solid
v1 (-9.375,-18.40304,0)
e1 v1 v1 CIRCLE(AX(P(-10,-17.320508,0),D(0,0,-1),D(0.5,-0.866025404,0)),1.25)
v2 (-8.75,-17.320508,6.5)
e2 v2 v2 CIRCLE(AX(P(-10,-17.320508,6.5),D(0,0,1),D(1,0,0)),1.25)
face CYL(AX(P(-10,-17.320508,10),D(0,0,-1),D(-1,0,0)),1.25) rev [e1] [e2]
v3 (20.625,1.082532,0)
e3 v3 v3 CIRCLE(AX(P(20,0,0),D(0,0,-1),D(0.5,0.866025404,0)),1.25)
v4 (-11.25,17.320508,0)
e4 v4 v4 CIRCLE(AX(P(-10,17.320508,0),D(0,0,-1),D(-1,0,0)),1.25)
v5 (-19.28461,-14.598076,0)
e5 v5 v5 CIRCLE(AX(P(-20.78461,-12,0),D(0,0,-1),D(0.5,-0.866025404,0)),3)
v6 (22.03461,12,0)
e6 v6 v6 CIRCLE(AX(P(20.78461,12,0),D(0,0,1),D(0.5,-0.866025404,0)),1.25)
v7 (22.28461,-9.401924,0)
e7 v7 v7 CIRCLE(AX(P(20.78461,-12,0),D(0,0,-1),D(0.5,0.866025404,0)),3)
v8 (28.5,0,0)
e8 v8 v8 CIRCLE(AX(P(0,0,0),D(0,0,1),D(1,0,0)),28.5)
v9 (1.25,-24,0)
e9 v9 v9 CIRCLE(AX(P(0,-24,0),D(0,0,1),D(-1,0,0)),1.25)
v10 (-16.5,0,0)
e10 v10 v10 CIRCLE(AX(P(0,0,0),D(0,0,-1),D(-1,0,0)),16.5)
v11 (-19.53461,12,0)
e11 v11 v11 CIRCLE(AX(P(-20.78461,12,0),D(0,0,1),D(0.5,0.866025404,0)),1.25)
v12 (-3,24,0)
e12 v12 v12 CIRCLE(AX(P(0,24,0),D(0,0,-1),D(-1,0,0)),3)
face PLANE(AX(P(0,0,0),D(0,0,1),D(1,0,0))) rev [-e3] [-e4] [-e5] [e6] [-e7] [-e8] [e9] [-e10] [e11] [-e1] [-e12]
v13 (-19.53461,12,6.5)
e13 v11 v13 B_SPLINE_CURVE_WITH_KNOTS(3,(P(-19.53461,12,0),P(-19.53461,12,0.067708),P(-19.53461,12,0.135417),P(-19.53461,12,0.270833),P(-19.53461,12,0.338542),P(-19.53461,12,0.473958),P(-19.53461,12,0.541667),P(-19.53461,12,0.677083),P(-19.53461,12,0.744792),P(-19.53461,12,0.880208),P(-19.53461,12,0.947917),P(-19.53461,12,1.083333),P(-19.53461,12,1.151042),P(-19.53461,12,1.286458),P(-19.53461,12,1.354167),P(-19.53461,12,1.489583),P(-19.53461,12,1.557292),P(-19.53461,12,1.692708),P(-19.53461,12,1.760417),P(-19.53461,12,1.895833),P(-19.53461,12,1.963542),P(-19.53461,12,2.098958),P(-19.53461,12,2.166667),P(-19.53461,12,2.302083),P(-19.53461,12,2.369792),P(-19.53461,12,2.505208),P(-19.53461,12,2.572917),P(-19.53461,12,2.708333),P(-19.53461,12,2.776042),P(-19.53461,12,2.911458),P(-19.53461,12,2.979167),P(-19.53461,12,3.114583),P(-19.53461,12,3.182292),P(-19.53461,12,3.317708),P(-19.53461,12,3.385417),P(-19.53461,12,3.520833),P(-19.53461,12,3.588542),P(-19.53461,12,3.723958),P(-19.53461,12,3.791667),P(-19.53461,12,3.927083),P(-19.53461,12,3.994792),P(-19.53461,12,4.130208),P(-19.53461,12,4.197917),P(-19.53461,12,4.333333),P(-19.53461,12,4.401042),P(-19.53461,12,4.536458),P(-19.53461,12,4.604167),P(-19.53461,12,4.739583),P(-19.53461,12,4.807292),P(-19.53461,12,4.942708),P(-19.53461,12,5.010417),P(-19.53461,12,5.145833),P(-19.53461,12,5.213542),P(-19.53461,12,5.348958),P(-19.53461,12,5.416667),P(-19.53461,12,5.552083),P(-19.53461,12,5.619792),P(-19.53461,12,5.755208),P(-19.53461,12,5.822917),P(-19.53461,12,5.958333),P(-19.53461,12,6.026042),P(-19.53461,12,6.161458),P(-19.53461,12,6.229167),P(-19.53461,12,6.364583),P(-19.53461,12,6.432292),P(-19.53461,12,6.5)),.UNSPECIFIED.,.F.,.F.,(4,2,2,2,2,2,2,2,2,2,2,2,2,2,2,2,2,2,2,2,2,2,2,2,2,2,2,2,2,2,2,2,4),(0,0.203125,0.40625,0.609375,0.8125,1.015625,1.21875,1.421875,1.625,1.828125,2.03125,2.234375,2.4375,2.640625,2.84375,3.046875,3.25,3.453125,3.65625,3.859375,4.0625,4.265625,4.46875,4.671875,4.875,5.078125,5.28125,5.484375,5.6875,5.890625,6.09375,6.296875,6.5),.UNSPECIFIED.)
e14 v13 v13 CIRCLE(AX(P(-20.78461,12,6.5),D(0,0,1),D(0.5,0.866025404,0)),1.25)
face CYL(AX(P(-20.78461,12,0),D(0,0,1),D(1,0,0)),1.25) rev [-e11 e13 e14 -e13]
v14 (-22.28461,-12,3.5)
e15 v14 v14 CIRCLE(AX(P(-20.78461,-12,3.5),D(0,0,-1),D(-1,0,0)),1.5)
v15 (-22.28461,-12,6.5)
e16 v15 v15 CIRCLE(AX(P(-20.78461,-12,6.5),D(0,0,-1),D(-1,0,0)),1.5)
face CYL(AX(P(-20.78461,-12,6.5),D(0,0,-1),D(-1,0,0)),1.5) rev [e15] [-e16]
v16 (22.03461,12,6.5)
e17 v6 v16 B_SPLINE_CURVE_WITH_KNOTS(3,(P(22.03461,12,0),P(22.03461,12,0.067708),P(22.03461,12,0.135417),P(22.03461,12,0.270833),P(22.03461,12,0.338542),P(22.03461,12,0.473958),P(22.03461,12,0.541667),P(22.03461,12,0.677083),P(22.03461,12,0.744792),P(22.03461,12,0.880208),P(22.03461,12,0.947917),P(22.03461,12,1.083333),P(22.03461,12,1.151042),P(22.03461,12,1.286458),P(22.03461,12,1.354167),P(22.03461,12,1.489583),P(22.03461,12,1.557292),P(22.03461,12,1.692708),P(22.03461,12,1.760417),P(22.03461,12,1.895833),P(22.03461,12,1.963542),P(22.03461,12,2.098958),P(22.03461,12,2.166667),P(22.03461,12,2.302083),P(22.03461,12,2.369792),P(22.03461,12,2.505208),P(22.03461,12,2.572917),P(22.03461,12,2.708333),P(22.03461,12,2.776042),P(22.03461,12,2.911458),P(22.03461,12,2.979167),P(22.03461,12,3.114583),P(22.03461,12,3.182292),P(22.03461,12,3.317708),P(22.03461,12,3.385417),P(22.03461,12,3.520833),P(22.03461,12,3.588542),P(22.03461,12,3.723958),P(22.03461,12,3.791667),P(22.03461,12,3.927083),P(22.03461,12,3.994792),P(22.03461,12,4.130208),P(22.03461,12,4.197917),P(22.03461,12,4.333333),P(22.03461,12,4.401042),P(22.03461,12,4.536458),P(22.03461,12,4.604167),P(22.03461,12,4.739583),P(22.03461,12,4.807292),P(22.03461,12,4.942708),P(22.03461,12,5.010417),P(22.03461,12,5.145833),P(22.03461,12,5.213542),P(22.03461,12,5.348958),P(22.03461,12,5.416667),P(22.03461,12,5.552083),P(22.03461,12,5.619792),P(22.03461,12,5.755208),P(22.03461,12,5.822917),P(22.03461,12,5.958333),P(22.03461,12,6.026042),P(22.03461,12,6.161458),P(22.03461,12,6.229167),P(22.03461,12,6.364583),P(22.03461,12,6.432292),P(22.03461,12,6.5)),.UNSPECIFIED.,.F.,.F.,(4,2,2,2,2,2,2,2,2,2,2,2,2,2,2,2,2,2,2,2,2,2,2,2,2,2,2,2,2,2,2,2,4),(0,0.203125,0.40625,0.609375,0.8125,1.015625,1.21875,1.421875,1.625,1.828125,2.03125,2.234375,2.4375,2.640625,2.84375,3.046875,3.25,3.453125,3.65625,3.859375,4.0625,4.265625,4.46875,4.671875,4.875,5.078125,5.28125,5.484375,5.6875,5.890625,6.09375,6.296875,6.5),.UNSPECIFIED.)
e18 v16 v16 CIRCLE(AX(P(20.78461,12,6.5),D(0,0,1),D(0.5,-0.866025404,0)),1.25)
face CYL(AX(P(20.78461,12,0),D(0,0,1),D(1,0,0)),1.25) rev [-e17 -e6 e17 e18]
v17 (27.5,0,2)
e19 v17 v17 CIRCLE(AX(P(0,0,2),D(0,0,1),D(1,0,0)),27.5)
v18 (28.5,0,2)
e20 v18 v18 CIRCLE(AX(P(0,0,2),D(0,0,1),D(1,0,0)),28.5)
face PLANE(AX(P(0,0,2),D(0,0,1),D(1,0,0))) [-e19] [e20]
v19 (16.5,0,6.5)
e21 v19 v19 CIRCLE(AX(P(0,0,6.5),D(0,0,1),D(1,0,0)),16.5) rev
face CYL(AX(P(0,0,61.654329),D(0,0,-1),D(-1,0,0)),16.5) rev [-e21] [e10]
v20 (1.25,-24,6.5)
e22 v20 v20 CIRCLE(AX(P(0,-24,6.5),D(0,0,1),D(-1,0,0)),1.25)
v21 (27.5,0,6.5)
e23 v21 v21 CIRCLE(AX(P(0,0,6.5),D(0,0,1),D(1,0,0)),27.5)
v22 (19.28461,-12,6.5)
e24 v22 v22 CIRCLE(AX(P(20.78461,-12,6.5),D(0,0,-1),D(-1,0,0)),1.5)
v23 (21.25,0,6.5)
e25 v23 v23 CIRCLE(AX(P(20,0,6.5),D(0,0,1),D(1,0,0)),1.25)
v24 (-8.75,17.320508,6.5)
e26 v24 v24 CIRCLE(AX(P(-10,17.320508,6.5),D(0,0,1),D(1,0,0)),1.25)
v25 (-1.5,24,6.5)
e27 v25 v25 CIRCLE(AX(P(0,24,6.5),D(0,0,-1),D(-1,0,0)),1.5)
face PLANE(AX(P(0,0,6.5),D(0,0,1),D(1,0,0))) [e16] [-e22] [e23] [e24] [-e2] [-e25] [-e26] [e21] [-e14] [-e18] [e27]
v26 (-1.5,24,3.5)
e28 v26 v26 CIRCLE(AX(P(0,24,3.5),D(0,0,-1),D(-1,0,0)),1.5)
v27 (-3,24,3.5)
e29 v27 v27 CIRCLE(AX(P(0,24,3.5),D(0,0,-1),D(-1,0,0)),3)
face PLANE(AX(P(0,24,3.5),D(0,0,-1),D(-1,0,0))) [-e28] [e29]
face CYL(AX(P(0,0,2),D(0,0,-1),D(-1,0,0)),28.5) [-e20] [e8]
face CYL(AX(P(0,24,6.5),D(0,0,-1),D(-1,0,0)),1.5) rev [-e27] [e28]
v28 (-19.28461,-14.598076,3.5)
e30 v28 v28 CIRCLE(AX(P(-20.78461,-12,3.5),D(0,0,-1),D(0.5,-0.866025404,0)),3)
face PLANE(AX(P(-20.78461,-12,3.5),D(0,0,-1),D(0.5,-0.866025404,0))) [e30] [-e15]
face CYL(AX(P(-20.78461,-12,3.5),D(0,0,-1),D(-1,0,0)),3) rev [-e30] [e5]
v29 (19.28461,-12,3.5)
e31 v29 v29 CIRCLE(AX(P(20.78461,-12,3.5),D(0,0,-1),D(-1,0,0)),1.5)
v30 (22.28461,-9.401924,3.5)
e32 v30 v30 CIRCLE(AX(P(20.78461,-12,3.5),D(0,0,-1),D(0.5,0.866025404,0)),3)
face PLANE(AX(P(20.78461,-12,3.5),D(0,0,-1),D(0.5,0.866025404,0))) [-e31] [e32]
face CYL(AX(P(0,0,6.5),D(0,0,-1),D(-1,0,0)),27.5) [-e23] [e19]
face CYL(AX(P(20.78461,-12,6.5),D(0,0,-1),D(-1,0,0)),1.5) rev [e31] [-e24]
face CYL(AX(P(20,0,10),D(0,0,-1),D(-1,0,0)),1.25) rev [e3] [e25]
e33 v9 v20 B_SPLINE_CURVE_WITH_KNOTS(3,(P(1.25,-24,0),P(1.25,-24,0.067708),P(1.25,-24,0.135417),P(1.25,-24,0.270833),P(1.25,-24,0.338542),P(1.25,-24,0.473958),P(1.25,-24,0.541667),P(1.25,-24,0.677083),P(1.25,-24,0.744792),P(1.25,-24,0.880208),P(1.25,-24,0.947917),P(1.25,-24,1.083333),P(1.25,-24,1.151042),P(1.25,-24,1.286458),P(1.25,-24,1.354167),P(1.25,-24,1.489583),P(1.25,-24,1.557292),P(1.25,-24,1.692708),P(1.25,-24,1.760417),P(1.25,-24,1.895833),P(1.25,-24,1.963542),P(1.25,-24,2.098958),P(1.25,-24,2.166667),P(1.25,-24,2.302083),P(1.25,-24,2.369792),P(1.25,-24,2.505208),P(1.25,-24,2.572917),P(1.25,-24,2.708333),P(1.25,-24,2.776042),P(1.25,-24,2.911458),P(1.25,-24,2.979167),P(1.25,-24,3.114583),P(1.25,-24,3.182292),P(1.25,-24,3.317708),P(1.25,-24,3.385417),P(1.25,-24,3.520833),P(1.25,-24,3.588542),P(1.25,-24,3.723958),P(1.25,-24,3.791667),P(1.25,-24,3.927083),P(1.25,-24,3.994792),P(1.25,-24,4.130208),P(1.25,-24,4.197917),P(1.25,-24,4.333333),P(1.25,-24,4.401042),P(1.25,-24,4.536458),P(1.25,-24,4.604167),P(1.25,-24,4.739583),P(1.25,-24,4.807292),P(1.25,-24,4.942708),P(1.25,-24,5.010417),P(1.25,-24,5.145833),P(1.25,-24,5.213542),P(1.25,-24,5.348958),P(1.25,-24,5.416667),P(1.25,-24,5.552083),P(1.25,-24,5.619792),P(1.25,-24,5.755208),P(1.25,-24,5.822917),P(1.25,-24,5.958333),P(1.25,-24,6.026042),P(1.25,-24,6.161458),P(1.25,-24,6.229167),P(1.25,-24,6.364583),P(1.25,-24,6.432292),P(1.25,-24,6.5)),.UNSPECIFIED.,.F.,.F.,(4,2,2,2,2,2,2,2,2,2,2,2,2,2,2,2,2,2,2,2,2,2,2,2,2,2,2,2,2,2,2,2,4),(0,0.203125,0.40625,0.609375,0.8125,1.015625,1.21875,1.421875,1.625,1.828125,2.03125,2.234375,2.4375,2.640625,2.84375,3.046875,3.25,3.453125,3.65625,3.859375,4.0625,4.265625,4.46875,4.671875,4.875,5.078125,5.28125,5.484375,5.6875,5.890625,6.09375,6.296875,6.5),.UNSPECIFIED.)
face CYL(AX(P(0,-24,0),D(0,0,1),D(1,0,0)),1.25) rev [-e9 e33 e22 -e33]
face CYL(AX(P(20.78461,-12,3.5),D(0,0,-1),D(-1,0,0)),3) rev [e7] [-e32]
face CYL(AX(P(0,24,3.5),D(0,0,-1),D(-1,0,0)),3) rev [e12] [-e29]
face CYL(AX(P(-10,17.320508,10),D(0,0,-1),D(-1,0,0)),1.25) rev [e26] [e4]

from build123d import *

# Parameters (mm, degrees)
SKETCH1_R           = 28.5
SKETCH1_R_2         = 19.5
BOSS_EXTRUDE1_DEPTH = 2
SKETCH2_R           = 27.5
SKETCH2_R_2         = 19.5
BOSS_EXTRUDE2_DEPTH = 4.5
SKETCH3_R           = 1.25
CUT_EXTRUDE1_DEPTH  = 41.825849654
CIRPATTERN1_COUNT   = 6
SKETCH5_R           = 19.5
SKETCH5_R_2         = 16.5
BOSS_EXTRUDE3_DEPTH = 6.5
SKETCH6_R           = 1.25
CUT_EXTRUDE2_DEPTH  = 10
CIRPATTERN2_COUNT   = 3
SKETCH8_R           = 3
CUT_EXTRUDE4_DEPTH  = 3.5
CIRPATTERN4_COUNT   = 3
SKETCH9_R           = 1.5
CUT_EXTRUDE5_DEPTH  = 41.456767048


with BuildPart() as part:
    # Sketch1 → Boss-Extrude1 (new body)
    with BuildSketch(Plane.XY):
        Circle(SKETCH1_R)
        Circle(SKETCH1_R_2, mode=Mode.SUBTRACT)
    extrude(amount=BOSS_EXTRUDE1_DEPTH)

    # Sketch2 → Boss-Extrude2 (add)
    with BuildSketch(Plane.XY.offset(2)):
        Circle(SKETCH2_R)
        Circle(SKETCH2_R_2, mode=Mode.SUBTRACT)
    extrude(amount=BOSS_EXTRUDE2_DEPTH)

    # Sketch3 → Cut-Extrude1 (cut, through all)
    with BuildSketch(Plane.XY.offset(6.5)):
        with Locations((0, 24)):
            Circle(SKETCH3_R)
    cut_extrude1 = extrude(amount=-CUT_EXTRUDE1_DEPTH, mode=Mode.SUBTRACT)

    # CirPattern1: Cut-Extrude1 ×6 about axis
    cirpattern1_axis = Axis((0, 0, 0), (0, 0, 1))
    for i in range(1, CIRPATTERN1_COUNT):
        add(cut_extrude1.rotate(cirpattern1_axis, i * 360 / CIRPATTERN1_COUNT), mode=Mode.SUBTRACT)

    # Sketch5 → Boss-Extrude3 (add)
    with BuildSketch(Plane(origin=(0, 0, 0), x_dir=(-1, 0, 0), z_dir=(0, 0, -1))):
        Circle(SKETCH5_R)
        Circle(SKETCH5_R_2, mode=Mode.SUBTRACT)
    extrude(amount=-BOSS_EXTRUDE3_DEPTH)

    # Sketch6 → Cut-Extrude2 (cut)
    with BuildSketch(Plane(origin=(0, 0, 0), x_dir=(-1, 0, 0), z_dir=(0, 0, -1))):
        with Locations((10, 17.320508076)):
            Circle(SKETCH6_R)
    cut_extrude2 = extrude(amount=-CUT_EXTRUDE2_DEPTH, mode=Mode.SUBTRACT)

    # CirPattern2: Cut-Extrude2 ×3 about axis
    cirpattern2_axis = Axis((0, 0, 0), (0, 0, 1))
    for i in range(1, CIRPATTERN2_COUNT):
        add(cut_extrude2.rotate(cirpattern2_axis, i * 360 / CIRPATTERN2_COUNT), mode=Mode.SUBTRACT)

    # Sketch8 → Cut-Extrude4 (cut)
    with BuildSketch(Plane(origin=(0, 0, 0), x_dir=(-1, 0, 0), z_dir=(0, 0, -1))):
        with Locations((0, 24)):
            Circle(SKETCH8_R)
    cut_extrude4 = extrude(amount=-CUT_EXTRUDE4_DEPTH, mode=Mode.SUBTRACT)

    # CirPattern4: Cut-Extrude4 ×3 about axis
    cirpattern4_axis = Axis((0, 0, 0), (0, 0, 1))
    for i in range(1, CIRPATTERN4_COUNT):
        add(cut_extrude4.rotate(cirpattern4_axis, i * 360 / CIRPATTERN4_COUNT), mode=Mode.SUBTRACT)

    # Sketch9 → Cut-Extrude5 (cut, through all)
    with BuildSketch(Plane(origin=(0, 0, 3.5), x_dir=(-1, 0, 0), z_dir=(0, 0, -1))):
        with Locations((0, 24)):
            Circle(SKETCH9_R)
        with Locations((20.784609691, -12)):
            Circle(SKETCH9_R)
        with Locations((-20.784609691, -12)):
            Circle(SKETCH9_R)
    extrude(amount=-CUT_EXTRUDE5_DEPTH, mode=Mode.SUBTRACT)


solid = part.part
